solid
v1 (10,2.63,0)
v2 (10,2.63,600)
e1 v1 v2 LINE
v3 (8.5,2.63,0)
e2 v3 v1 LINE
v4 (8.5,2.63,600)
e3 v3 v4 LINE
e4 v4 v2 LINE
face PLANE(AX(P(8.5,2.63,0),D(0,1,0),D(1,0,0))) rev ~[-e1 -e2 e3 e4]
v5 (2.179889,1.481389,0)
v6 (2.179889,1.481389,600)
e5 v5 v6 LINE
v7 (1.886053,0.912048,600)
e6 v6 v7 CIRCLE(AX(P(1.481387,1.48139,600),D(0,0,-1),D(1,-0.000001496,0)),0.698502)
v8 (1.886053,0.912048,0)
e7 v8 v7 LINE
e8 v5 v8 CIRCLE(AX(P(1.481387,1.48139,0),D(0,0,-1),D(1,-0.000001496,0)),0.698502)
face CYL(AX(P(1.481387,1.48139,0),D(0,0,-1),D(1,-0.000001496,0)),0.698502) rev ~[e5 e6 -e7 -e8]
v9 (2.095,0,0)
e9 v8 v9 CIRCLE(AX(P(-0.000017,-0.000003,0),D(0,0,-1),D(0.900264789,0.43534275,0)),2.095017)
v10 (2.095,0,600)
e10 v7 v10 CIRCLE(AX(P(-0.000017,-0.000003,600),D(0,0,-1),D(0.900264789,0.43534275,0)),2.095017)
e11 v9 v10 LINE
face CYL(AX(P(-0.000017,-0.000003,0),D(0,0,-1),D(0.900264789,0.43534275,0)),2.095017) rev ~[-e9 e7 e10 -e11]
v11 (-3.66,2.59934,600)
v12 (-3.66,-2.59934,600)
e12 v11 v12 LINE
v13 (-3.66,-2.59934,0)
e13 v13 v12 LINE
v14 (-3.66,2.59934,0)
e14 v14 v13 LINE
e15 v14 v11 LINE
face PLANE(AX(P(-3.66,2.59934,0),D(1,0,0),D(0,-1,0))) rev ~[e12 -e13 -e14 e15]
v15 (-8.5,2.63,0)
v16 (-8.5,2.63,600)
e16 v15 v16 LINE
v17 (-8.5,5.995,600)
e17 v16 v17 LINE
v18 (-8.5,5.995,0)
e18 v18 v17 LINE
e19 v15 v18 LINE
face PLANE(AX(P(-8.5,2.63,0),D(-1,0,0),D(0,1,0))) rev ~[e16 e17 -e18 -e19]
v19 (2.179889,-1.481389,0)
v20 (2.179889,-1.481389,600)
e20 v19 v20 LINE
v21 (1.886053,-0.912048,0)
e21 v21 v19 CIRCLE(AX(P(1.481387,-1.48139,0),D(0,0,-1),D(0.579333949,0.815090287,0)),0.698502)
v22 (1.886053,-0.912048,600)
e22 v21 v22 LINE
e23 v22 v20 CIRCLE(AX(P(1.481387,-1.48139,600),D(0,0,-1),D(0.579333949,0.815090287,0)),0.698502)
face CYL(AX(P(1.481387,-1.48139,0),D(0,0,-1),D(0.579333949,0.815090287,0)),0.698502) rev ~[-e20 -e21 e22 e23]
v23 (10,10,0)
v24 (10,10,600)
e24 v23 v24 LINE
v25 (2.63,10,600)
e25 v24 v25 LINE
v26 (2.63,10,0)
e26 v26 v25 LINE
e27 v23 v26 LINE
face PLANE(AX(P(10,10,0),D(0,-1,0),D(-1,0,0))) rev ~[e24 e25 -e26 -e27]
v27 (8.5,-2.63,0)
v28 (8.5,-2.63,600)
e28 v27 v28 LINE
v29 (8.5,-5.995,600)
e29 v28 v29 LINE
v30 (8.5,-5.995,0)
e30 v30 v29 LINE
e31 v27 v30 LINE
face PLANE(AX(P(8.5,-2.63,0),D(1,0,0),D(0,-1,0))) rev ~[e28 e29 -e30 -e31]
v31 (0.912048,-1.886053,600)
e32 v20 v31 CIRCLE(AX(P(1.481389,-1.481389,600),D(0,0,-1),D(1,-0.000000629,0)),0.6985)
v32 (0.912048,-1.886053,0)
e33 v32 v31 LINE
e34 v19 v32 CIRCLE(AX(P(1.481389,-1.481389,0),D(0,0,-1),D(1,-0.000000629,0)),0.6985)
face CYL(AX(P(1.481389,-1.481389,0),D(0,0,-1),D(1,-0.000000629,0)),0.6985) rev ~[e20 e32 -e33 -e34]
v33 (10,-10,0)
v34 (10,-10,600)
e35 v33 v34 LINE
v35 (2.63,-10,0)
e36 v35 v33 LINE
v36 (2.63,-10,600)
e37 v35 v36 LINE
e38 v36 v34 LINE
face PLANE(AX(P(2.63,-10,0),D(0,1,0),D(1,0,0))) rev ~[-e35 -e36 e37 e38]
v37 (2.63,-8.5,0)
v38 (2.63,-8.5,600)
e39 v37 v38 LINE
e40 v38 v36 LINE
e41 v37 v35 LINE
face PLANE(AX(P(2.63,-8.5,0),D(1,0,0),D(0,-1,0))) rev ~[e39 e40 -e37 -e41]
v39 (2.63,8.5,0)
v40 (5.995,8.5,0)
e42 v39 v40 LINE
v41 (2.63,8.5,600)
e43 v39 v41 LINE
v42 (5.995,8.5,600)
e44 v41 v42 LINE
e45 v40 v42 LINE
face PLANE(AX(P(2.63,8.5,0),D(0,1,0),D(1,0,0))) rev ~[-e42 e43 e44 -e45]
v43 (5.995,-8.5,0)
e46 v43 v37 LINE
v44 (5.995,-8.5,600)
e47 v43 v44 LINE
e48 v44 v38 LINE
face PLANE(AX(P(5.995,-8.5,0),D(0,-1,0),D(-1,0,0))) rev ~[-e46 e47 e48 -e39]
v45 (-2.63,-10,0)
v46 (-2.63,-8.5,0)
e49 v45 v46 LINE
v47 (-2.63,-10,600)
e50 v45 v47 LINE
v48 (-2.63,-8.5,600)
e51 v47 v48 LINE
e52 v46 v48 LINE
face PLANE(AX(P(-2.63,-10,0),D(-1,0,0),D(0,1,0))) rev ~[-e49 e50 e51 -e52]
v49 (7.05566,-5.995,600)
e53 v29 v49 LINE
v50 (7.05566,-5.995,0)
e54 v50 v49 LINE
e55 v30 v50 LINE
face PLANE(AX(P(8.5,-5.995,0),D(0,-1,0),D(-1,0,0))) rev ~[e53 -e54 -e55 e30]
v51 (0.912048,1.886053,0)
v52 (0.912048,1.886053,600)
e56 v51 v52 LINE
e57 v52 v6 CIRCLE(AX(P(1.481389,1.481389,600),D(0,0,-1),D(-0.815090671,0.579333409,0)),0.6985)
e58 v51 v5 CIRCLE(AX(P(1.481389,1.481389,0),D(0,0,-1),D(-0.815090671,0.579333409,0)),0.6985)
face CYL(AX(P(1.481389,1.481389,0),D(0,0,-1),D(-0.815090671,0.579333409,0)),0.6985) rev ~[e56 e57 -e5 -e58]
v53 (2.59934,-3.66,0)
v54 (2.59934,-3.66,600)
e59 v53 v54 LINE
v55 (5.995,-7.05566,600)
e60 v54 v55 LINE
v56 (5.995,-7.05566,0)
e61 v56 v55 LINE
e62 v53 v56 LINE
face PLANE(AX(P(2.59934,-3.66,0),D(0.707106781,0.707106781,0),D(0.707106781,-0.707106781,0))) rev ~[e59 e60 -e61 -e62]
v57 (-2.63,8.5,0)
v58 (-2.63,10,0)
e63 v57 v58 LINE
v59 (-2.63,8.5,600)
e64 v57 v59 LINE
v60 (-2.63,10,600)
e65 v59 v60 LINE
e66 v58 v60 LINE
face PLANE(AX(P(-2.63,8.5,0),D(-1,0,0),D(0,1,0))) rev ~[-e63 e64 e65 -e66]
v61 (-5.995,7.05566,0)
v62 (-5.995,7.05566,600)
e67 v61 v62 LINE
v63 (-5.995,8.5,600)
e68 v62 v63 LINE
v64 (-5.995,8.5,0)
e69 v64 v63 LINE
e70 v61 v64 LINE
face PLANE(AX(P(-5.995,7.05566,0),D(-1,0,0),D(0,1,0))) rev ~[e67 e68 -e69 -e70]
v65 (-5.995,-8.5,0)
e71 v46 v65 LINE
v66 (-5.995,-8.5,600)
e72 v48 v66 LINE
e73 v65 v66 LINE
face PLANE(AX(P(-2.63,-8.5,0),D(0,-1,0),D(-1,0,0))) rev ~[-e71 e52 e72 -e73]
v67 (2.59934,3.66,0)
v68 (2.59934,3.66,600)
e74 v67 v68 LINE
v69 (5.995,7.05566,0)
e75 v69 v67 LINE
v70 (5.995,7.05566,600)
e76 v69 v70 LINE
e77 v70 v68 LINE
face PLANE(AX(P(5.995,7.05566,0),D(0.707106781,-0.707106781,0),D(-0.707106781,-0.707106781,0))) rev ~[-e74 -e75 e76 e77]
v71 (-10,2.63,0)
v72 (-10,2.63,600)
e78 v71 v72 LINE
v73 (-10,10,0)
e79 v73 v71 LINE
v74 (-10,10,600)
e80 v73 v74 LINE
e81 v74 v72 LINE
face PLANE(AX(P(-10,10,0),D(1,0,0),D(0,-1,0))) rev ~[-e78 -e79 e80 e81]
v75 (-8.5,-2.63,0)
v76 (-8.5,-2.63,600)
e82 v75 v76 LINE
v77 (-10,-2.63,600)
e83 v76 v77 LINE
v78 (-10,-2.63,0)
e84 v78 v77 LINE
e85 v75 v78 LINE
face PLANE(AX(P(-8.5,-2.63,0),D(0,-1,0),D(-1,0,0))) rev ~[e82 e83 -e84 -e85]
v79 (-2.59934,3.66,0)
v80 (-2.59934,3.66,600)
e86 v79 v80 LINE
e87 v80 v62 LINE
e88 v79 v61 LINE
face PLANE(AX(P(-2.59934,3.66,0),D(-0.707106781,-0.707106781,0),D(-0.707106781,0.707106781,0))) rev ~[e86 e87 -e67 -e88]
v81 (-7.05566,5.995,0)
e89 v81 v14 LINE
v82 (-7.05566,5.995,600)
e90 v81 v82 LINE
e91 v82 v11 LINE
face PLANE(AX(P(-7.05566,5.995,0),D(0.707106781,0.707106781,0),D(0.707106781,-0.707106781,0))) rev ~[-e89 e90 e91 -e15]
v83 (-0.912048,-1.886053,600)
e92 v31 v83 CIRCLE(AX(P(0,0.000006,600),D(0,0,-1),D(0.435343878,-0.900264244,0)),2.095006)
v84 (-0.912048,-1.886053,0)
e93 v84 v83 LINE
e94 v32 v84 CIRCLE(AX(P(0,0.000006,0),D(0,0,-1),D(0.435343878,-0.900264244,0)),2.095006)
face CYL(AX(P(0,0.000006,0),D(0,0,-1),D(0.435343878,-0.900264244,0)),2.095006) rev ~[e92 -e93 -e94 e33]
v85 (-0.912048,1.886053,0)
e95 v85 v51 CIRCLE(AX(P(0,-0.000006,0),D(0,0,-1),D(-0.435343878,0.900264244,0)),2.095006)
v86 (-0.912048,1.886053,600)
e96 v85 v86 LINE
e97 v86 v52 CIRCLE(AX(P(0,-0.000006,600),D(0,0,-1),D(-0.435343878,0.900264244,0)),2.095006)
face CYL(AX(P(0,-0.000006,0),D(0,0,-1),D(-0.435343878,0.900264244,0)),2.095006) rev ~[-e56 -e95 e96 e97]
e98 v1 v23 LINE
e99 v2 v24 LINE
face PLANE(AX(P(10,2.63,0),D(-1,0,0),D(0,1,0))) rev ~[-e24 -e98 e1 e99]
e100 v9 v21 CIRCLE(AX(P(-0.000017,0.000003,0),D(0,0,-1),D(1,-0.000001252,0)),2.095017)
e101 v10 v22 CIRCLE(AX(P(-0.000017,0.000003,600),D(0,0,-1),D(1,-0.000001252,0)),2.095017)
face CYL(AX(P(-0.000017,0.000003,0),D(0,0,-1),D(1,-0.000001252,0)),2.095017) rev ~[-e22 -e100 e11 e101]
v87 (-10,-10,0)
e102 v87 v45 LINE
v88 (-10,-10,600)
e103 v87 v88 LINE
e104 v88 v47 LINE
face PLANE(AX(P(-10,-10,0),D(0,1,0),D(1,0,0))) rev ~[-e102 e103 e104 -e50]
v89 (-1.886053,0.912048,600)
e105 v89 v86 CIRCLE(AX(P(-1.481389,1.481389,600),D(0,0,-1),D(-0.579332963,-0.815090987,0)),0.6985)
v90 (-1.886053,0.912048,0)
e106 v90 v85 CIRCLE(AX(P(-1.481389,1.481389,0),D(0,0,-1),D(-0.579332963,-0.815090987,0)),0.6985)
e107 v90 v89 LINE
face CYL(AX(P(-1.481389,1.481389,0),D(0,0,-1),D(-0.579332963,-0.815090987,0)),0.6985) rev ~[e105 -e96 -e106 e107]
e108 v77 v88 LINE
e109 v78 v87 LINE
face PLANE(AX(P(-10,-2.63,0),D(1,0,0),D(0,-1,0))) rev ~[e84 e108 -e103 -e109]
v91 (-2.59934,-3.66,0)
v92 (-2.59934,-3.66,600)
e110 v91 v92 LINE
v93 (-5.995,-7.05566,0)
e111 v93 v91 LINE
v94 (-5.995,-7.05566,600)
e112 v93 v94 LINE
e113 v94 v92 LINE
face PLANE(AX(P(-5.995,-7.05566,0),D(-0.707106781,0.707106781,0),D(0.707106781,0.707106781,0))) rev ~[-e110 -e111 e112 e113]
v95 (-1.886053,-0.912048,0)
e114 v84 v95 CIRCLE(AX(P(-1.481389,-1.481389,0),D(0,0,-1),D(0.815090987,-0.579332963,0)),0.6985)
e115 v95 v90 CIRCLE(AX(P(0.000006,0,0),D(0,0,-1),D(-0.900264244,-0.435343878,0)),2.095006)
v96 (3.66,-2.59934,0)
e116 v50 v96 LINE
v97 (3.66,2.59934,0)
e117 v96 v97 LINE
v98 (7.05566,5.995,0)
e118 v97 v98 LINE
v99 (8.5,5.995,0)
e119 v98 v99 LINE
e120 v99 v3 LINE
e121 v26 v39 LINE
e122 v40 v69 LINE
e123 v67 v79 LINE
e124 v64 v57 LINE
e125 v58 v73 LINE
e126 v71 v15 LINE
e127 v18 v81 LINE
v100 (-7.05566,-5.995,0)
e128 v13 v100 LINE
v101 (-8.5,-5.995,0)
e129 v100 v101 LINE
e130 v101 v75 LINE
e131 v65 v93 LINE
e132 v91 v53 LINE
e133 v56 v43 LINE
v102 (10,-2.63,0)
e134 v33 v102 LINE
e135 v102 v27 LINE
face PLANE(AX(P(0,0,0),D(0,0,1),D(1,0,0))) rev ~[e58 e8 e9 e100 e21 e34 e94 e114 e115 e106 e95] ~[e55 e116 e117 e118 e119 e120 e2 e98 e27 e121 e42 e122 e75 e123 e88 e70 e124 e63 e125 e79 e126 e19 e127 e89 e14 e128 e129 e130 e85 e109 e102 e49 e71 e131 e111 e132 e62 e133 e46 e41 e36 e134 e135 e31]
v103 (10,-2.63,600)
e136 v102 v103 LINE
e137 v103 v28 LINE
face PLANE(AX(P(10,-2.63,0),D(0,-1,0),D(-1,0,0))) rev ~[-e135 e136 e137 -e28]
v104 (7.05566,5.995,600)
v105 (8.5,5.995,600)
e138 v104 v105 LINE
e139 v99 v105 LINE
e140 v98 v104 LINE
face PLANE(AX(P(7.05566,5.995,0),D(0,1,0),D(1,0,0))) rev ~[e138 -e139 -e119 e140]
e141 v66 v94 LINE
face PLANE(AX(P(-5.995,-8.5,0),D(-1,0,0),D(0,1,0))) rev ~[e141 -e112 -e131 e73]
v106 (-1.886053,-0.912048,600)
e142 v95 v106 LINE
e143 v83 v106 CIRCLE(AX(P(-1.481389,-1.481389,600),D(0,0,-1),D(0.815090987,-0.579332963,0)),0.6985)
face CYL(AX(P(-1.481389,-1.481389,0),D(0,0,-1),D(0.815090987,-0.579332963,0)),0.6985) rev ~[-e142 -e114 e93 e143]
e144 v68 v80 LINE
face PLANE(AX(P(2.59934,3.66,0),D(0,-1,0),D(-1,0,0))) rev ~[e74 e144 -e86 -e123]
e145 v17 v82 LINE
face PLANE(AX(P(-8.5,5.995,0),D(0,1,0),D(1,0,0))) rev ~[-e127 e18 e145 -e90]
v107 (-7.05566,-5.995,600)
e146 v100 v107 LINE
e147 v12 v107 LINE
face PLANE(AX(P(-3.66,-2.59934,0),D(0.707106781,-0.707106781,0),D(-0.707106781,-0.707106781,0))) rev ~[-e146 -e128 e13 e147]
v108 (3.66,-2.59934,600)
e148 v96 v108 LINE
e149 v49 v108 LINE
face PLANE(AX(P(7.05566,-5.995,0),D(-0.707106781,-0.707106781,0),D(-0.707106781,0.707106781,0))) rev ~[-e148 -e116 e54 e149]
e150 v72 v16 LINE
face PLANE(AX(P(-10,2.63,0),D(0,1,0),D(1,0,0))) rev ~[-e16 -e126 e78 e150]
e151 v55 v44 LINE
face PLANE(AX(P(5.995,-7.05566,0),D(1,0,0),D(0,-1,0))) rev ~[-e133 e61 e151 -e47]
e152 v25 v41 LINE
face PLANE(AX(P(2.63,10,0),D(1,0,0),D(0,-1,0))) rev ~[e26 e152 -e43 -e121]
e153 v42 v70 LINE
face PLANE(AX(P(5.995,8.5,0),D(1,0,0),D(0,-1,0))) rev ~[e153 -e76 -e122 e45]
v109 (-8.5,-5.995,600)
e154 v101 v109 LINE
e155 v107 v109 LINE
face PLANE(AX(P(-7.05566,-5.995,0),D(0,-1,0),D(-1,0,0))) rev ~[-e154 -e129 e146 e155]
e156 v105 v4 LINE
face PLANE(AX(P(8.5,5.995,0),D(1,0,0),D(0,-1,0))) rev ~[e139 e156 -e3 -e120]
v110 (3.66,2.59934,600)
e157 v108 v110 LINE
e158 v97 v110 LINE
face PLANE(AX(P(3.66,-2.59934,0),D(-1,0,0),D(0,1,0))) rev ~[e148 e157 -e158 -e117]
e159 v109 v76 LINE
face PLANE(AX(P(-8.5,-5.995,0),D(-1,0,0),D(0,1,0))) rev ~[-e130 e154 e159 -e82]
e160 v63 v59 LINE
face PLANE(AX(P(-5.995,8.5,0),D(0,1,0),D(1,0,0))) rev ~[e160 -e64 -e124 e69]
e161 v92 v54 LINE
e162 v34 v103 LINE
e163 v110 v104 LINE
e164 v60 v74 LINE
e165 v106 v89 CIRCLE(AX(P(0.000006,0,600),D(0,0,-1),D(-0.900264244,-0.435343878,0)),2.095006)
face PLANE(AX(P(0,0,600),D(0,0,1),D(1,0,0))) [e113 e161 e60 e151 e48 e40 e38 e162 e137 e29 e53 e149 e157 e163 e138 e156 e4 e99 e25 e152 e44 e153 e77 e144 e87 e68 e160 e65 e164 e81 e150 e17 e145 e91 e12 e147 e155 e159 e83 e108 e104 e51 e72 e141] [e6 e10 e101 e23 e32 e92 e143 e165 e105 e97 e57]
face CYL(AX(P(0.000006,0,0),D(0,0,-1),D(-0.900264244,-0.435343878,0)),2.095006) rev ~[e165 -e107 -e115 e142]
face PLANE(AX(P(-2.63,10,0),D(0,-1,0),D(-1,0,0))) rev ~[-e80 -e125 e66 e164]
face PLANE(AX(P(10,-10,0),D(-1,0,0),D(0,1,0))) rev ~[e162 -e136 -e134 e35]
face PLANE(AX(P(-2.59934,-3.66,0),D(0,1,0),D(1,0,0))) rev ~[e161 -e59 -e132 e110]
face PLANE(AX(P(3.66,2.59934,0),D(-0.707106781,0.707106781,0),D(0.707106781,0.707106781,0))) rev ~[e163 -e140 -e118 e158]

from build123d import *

# Parameters (mm, degrees)
F1_DEPTH = 600


with BuildPart() as f1:
    # F0 (on Top) → F1 (new body)
    with BuildSketch(Plane.XY):
        Polygon((10, 2.63), (10, 10), (2.63, 10), (2.63, 8.5), (5.995, 8.5), (5.995, 7.05566), (2.59934, 3.66), (-2.59934, 3.66), (-5.995, 7.05566), (-5.995, 8.5), (-2.63, 8.5), (-2.63, 10), (-10, 10), (-10, 2.63), (-8.5, 2.63), (-8.5, 5.995), (-7.05566, 5.995), (-3.66, 2.59934), (-3.66, -2.59934), (-7.05566, -5.995), (-8.5, -5.995), (-8.5, -2.63), (-10, -2.63), (-10, -10), (-2.63, -10), (-2.63, -8.5), (-5.995, -8.5), (-5.995, -7.05566), (-2.59934, -3.66), (2.59934, -3.66), (5.995, -7.05566), (5.995, -8.5), (2.63, -8.5), (2.63, -10), (10, -10), (10, -2.63), (8.5, -2.63), (8.5, -5.995), (7.05566, -5.995), (3.66, -2.59934), (3.66, 2.59934), (7.05566, 5.995), (8.5, 5.995), (8.5, 2.63), align=None)
        with BuildLine():
            ThreePointArc((1.886053, 0.912048), (2.042095, 0.467838), (2.095, 0))
            ThreePointArc((2.095, 0), (2.042095, -0.467838), (1.886053, -0.912048))
            ThreePointArc((1.886053, -0.912048), (2.102098, -1.161042), (2.179889, -1.481389))
            ThreePointArc((2.179889, -1.481389), (1.693777, -2.146816), (0.912048, -1.886053))
            ThreePointArc((0.912048, -1.886053), (0, -2.095), (-0.912048, -1.886053))
            ThreePointArc((-0.912048, -1.886053), (-1.975303, -1.975303), (-1.886053, -0.912048))
            ThreePointArc((-1.886053, -0.912048), (-2.095, 0), (-1.886053, 0.912048))
            ThreePointArc((-1.886053, 0.912048), (-1.975303, 1.975303), (-0.912048, 1.886053))
            ThreePointArc((-0.912048, 1.886053), (0, 2.095), (0.912048, 1.886053))
            ThreePointArc((0.912048, 1.886053), (1.693777, 2.146816), (2.179889, 1.481389))
            ThreePointArc((2.179889, 1.481389), (2.102098, 1.161042), (1.886053, 0.912048))
        make_face(mode=Mode.SUBTRACT)
    extrude(amount=F1_DEPTH)


solid = f1.part
